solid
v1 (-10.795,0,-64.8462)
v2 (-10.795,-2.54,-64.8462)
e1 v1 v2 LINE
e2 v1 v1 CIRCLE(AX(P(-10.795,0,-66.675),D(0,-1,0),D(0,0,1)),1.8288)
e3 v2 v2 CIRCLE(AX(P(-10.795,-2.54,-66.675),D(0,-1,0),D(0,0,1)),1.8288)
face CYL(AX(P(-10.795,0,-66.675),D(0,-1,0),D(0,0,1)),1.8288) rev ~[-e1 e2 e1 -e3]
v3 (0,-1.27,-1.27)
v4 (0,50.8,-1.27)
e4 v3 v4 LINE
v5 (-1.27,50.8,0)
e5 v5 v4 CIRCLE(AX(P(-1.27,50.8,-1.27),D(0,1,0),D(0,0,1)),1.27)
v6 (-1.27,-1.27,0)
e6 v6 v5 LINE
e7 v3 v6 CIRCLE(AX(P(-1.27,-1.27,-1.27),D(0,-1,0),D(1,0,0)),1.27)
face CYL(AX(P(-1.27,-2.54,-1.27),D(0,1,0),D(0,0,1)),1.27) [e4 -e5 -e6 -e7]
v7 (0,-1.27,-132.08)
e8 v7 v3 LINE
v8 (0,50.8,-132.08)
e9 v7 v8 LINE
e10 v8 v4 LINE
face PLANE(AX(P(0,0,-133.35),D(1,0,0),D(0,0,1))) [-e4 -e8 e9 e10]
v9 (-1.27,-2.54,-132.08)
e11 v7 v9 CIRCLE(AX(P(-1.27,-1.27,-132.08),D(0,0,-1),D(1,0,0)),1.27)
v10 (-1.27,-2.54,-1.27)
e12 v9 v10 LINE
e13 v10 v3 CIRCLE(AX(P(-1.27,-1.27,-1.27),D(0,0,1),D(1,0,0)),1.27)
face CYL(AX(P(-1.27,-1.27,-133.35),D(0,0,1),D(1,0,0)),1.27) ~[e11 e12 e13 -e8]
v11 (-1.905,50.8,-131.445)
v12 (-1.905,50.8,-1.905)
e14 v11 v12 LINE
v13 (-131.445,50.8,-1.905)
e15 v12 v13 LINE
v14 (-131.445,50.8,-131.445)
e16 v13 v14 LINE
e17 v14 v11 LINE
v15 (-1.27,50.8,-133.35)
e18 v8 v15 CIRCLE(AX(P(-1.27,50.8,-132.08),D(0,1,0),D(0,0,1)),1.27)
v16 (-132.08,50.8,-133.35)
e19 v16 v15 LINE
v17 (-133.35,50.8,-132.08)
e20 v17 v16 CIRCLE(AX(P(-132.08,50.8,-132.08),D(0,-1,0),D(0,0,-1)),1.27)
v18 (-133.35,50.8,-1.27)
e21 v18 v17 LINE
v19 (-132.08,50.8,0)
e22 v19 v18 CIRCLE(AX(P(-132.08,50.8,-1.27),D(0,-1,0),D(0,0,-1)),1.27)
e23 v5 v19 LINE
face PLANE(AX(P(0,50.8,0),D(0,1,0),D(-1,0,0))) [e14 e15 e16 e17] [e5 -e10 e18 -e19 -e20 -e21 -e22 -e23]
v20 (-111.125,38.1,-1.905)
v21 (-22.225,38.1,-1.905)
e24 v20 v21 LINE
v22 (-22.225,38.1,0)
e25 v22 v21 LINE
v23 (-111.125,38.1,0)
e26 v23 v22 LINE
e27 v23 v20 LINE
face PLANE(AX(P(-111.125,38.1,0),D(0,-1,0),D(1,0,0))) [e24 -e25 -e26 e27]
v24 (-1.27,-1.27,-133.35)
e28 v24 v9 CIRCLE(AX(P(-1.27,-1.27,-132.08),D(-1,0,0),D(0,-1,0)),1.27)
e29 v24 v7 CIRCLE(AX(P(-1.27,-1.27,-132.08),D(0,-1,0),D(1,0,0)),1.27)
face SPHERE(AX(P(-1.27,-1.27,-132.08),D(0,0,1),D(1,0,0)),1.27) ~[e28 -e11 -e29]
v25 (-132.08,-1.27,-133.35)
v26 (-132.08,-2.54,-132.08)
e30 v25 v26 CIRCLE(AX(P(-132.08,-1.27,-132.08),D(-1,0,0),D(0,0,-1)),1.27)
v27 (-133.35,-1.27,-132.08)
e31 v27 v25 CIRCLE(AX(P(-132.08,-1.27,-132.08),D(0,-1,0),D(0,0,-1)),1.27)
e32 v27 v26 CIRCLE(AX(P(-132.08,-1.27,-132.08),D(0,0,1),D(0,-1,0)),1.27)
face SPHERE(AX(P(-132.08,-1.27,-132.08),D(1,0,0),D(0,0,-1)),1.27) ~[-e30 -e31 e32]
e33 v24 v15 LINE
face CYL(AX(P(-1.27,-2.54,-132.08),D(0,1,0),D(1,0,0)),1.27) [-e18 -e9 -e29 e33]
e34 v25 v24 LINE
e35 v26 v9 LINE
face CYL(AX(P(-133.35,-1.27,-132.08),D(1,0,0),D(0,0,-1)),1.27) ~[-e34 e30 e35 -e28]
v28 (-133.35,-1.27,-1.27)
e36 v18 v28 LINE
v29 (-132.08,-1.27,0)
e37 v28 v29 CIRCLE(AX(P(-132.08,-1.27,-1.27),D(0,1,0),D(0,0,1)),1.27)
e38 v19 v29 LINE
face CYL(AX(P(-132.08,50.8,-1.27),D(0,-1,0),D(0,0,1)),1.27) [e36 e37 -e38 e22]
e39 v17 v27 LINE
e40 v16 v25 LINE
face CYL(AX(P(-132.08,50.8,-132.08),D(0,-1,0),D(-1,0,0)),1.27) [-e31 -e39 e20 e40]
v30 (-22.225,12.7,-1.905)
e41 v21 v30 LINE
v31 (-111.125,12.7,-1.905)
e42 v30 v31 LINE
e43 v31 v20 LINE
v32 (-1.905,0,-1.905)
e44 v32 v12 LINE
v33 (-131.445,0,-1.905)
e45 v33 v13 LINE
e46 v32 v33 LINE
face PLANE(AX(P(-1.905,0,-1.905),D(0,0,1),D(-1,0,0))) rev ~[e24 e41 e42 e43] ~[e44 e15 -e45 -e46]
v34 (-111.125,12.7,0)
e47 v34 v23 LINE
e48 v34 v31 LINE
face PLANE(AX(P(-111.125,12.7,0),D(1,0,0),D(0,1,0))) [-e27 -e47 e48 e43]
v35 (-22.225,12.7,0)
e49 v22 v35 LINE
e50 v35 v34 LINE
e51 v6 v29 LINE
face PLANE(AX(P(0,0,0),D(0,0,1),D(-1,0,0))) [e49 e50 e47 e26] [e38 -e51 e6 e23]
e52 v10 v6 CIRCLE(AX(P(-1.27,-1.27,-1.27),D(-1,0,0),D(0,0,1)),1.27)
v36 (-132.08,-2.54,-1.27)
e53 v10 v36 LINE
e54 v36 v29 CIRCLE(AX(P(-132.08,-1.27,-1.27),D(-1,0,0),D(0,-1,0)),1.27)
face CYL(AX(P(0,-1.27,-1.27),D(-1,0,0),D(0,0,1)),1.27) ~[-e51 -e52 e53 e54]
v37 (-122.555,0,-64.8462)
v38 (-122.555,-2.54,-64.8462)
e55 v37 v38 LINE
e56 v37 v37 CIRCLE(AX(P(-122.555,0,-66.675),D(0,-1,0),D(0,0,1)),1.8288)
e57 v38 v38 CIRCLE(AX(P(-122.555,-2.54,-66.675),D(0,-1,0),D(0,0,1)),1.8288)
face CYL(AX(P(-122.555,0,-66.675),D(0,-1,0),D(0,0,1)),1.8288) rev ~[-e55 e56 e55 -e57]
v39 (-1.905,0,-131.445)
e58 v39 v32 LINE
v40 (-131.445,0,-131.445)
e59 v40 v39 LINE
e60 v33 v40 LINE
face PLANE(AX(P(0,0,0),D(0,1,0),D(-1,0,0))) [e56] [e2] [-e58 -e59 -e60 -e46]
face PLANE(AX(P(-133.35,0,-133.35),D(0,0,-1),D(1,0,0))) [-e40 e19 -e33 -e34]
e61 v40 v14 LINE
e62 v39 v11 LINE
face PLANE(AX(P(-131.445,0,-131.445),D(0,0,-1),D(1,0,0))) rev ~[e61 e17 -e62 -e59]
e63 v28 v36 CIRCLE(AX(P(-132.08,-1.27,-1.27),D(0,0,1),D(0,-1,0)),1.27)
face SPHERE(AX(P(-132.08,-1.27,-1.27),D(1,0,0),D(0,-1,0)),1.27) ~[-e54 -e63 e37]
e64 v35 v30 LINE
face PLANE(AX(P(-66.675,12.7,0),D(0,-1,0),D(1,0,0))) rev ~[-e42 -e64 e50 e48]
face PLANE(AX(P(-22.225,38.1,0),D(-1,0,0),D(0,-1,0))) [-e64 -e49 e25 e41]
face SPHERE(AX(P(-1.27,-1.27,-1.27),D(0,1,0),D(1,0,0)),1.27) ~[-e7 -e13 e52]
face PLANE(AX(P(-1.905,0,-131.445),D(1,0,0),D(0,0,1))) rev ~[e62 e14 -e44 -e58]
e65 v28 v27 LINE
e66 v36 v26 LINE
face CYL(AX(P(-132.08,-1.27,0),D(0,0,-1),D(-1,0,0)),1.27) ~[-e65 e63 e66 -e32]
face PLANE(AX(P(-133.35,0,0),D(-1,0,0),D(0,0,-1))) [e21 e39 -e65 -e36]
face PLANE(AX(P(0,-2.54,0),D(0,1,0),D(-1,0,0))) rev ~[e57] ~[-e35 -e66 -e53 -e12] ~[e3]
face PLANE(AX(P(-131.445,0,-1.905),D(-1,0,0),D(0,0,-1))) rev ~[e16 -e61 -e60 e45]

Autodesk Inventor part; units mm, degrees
ref_plane "YZ Plane" through (0, 0, 0) normal (1, 0, 0) x (0, 1, 0)
ref_plane "XZ Plane" through (0, 0, 0) normal (0, 1, 0) x (-1, 0, 0)
ref_plane "XY Plane" through (0, 0, 0) normal (0, 0, 1) x (1, 0, 0)
sketch "Sketch1" plane through (0, 0, 0) normal (0, 1, 0) x (-1, 0, 0)
  line L0 (0, 0) -> (133.35, 0)
  line L1 (133.35, 0) -> (133.35, -133.35)
  line L2 (133.35, -133.35) -> (0, -133.35)
  line L3 (0, -133.35) -> (0, 0)
  line L4 (131.445, -131.445) -> (1.905, -131.445)
  line L5 (1.905, -131.445) -> (1.905, -1.905)
  line L6 (1.905, -1.905) -> (131.445, -1.905)
  line L7 (131.445, -1.905) -> (131.445, -131.445)
  line L8 (131.445, -131.445) -> (1.905, -1.905) construction
  line L9 (1.905, -131.445) -> (131.445, -1.905) construction
  point P0 (66.675, -66.675)
  dimension "d0" = 133.35
  dimension "d1" = 133.35
  dimension "d2" = 129.54
  dimension "d3" = 129.54
extrude "Extrusion1" add sketch "Sketch1" along normal blind 50.8
extrude "Extrusion2" add sketch "Sketch1" against normal blind 2.54 contours L0 L1 L2 L3 | L4 L5 L6 L7
fillet "Fillet1" radius 1.27 8 edges at (0, 24.13, 0) (0, -2.54, -66.675) (-66.675, -2.54, 0) (0, 24.13, -133.35) (-66.675, -2.54, -133.35) (-133.35, 24.13, -133.35) (-133.35, -2.54, -66.675) (-133.35, 24.13, 0)
sketch "Sketch2" plane through (0, 0, 0) normal (0, 1, 0) x (1, 0, 0)
  line L0 (-131.445, 1.905) -> (-131.445, 131.445) projected
  line L1 (-1.905, 1.905) -> (-131.445, 1.905) projected
  line L2 (-1.905, 131.445) -> (-1.905, 1.905) projected
  line L3 (-131.445, 131.445) -> (-1.905, 131.445) projected
  line L4 (-66.675, 66.675) -> (-10.795, 66.675)
  line L5 (-66.675, 66.675) -> (-10.795, 66.675) construction
  line L6 (-10.795, 66.675) -> (-122.555, 66.675)
  point P0 (0, 0)
  dimension "d9" = 55.88
  dimension "d10" = 0
  dimension "d11" = 111.76
hole "Hole1" at (-10.795, 0, -66.675) at (-122.555, 0, -66.675) direction (0, -1, 0) diameter 3.6576 end through all
sketch "Sketch3" plane through (-132.08, -1.27, 0) normal (0, 0, 1) x (1, 0, 0)
  line L0 (130.175, 1.27) -> (0.635, 1.27) projected
  line L1 (65.405, 1.27) -> (65.405, 13.97)
  line L2 (65.405, 13.97) -> (109.855, 13.97)
  line L3 (109.855, 13.97) -> (20.955, 13.97)
  line L4 (20.955, 13.97) -> (20.955, 39.37)
  line L5 (20.955, 39.37) -> (109.855, 39.37)
  line L6 (109.855, 39.37) -> (109.855, 13.97)
  point P0 (132.08, 1.27)
  dimension "d19" = 12.7
  dimension "d20" = 44.45
  dimension "d21" = 88.9
  dimension "d22" = 25.4
extrude "Extrusion3" cut sketch "Sketch3" against normal blind 2.54
properties part number "TC720 box"
